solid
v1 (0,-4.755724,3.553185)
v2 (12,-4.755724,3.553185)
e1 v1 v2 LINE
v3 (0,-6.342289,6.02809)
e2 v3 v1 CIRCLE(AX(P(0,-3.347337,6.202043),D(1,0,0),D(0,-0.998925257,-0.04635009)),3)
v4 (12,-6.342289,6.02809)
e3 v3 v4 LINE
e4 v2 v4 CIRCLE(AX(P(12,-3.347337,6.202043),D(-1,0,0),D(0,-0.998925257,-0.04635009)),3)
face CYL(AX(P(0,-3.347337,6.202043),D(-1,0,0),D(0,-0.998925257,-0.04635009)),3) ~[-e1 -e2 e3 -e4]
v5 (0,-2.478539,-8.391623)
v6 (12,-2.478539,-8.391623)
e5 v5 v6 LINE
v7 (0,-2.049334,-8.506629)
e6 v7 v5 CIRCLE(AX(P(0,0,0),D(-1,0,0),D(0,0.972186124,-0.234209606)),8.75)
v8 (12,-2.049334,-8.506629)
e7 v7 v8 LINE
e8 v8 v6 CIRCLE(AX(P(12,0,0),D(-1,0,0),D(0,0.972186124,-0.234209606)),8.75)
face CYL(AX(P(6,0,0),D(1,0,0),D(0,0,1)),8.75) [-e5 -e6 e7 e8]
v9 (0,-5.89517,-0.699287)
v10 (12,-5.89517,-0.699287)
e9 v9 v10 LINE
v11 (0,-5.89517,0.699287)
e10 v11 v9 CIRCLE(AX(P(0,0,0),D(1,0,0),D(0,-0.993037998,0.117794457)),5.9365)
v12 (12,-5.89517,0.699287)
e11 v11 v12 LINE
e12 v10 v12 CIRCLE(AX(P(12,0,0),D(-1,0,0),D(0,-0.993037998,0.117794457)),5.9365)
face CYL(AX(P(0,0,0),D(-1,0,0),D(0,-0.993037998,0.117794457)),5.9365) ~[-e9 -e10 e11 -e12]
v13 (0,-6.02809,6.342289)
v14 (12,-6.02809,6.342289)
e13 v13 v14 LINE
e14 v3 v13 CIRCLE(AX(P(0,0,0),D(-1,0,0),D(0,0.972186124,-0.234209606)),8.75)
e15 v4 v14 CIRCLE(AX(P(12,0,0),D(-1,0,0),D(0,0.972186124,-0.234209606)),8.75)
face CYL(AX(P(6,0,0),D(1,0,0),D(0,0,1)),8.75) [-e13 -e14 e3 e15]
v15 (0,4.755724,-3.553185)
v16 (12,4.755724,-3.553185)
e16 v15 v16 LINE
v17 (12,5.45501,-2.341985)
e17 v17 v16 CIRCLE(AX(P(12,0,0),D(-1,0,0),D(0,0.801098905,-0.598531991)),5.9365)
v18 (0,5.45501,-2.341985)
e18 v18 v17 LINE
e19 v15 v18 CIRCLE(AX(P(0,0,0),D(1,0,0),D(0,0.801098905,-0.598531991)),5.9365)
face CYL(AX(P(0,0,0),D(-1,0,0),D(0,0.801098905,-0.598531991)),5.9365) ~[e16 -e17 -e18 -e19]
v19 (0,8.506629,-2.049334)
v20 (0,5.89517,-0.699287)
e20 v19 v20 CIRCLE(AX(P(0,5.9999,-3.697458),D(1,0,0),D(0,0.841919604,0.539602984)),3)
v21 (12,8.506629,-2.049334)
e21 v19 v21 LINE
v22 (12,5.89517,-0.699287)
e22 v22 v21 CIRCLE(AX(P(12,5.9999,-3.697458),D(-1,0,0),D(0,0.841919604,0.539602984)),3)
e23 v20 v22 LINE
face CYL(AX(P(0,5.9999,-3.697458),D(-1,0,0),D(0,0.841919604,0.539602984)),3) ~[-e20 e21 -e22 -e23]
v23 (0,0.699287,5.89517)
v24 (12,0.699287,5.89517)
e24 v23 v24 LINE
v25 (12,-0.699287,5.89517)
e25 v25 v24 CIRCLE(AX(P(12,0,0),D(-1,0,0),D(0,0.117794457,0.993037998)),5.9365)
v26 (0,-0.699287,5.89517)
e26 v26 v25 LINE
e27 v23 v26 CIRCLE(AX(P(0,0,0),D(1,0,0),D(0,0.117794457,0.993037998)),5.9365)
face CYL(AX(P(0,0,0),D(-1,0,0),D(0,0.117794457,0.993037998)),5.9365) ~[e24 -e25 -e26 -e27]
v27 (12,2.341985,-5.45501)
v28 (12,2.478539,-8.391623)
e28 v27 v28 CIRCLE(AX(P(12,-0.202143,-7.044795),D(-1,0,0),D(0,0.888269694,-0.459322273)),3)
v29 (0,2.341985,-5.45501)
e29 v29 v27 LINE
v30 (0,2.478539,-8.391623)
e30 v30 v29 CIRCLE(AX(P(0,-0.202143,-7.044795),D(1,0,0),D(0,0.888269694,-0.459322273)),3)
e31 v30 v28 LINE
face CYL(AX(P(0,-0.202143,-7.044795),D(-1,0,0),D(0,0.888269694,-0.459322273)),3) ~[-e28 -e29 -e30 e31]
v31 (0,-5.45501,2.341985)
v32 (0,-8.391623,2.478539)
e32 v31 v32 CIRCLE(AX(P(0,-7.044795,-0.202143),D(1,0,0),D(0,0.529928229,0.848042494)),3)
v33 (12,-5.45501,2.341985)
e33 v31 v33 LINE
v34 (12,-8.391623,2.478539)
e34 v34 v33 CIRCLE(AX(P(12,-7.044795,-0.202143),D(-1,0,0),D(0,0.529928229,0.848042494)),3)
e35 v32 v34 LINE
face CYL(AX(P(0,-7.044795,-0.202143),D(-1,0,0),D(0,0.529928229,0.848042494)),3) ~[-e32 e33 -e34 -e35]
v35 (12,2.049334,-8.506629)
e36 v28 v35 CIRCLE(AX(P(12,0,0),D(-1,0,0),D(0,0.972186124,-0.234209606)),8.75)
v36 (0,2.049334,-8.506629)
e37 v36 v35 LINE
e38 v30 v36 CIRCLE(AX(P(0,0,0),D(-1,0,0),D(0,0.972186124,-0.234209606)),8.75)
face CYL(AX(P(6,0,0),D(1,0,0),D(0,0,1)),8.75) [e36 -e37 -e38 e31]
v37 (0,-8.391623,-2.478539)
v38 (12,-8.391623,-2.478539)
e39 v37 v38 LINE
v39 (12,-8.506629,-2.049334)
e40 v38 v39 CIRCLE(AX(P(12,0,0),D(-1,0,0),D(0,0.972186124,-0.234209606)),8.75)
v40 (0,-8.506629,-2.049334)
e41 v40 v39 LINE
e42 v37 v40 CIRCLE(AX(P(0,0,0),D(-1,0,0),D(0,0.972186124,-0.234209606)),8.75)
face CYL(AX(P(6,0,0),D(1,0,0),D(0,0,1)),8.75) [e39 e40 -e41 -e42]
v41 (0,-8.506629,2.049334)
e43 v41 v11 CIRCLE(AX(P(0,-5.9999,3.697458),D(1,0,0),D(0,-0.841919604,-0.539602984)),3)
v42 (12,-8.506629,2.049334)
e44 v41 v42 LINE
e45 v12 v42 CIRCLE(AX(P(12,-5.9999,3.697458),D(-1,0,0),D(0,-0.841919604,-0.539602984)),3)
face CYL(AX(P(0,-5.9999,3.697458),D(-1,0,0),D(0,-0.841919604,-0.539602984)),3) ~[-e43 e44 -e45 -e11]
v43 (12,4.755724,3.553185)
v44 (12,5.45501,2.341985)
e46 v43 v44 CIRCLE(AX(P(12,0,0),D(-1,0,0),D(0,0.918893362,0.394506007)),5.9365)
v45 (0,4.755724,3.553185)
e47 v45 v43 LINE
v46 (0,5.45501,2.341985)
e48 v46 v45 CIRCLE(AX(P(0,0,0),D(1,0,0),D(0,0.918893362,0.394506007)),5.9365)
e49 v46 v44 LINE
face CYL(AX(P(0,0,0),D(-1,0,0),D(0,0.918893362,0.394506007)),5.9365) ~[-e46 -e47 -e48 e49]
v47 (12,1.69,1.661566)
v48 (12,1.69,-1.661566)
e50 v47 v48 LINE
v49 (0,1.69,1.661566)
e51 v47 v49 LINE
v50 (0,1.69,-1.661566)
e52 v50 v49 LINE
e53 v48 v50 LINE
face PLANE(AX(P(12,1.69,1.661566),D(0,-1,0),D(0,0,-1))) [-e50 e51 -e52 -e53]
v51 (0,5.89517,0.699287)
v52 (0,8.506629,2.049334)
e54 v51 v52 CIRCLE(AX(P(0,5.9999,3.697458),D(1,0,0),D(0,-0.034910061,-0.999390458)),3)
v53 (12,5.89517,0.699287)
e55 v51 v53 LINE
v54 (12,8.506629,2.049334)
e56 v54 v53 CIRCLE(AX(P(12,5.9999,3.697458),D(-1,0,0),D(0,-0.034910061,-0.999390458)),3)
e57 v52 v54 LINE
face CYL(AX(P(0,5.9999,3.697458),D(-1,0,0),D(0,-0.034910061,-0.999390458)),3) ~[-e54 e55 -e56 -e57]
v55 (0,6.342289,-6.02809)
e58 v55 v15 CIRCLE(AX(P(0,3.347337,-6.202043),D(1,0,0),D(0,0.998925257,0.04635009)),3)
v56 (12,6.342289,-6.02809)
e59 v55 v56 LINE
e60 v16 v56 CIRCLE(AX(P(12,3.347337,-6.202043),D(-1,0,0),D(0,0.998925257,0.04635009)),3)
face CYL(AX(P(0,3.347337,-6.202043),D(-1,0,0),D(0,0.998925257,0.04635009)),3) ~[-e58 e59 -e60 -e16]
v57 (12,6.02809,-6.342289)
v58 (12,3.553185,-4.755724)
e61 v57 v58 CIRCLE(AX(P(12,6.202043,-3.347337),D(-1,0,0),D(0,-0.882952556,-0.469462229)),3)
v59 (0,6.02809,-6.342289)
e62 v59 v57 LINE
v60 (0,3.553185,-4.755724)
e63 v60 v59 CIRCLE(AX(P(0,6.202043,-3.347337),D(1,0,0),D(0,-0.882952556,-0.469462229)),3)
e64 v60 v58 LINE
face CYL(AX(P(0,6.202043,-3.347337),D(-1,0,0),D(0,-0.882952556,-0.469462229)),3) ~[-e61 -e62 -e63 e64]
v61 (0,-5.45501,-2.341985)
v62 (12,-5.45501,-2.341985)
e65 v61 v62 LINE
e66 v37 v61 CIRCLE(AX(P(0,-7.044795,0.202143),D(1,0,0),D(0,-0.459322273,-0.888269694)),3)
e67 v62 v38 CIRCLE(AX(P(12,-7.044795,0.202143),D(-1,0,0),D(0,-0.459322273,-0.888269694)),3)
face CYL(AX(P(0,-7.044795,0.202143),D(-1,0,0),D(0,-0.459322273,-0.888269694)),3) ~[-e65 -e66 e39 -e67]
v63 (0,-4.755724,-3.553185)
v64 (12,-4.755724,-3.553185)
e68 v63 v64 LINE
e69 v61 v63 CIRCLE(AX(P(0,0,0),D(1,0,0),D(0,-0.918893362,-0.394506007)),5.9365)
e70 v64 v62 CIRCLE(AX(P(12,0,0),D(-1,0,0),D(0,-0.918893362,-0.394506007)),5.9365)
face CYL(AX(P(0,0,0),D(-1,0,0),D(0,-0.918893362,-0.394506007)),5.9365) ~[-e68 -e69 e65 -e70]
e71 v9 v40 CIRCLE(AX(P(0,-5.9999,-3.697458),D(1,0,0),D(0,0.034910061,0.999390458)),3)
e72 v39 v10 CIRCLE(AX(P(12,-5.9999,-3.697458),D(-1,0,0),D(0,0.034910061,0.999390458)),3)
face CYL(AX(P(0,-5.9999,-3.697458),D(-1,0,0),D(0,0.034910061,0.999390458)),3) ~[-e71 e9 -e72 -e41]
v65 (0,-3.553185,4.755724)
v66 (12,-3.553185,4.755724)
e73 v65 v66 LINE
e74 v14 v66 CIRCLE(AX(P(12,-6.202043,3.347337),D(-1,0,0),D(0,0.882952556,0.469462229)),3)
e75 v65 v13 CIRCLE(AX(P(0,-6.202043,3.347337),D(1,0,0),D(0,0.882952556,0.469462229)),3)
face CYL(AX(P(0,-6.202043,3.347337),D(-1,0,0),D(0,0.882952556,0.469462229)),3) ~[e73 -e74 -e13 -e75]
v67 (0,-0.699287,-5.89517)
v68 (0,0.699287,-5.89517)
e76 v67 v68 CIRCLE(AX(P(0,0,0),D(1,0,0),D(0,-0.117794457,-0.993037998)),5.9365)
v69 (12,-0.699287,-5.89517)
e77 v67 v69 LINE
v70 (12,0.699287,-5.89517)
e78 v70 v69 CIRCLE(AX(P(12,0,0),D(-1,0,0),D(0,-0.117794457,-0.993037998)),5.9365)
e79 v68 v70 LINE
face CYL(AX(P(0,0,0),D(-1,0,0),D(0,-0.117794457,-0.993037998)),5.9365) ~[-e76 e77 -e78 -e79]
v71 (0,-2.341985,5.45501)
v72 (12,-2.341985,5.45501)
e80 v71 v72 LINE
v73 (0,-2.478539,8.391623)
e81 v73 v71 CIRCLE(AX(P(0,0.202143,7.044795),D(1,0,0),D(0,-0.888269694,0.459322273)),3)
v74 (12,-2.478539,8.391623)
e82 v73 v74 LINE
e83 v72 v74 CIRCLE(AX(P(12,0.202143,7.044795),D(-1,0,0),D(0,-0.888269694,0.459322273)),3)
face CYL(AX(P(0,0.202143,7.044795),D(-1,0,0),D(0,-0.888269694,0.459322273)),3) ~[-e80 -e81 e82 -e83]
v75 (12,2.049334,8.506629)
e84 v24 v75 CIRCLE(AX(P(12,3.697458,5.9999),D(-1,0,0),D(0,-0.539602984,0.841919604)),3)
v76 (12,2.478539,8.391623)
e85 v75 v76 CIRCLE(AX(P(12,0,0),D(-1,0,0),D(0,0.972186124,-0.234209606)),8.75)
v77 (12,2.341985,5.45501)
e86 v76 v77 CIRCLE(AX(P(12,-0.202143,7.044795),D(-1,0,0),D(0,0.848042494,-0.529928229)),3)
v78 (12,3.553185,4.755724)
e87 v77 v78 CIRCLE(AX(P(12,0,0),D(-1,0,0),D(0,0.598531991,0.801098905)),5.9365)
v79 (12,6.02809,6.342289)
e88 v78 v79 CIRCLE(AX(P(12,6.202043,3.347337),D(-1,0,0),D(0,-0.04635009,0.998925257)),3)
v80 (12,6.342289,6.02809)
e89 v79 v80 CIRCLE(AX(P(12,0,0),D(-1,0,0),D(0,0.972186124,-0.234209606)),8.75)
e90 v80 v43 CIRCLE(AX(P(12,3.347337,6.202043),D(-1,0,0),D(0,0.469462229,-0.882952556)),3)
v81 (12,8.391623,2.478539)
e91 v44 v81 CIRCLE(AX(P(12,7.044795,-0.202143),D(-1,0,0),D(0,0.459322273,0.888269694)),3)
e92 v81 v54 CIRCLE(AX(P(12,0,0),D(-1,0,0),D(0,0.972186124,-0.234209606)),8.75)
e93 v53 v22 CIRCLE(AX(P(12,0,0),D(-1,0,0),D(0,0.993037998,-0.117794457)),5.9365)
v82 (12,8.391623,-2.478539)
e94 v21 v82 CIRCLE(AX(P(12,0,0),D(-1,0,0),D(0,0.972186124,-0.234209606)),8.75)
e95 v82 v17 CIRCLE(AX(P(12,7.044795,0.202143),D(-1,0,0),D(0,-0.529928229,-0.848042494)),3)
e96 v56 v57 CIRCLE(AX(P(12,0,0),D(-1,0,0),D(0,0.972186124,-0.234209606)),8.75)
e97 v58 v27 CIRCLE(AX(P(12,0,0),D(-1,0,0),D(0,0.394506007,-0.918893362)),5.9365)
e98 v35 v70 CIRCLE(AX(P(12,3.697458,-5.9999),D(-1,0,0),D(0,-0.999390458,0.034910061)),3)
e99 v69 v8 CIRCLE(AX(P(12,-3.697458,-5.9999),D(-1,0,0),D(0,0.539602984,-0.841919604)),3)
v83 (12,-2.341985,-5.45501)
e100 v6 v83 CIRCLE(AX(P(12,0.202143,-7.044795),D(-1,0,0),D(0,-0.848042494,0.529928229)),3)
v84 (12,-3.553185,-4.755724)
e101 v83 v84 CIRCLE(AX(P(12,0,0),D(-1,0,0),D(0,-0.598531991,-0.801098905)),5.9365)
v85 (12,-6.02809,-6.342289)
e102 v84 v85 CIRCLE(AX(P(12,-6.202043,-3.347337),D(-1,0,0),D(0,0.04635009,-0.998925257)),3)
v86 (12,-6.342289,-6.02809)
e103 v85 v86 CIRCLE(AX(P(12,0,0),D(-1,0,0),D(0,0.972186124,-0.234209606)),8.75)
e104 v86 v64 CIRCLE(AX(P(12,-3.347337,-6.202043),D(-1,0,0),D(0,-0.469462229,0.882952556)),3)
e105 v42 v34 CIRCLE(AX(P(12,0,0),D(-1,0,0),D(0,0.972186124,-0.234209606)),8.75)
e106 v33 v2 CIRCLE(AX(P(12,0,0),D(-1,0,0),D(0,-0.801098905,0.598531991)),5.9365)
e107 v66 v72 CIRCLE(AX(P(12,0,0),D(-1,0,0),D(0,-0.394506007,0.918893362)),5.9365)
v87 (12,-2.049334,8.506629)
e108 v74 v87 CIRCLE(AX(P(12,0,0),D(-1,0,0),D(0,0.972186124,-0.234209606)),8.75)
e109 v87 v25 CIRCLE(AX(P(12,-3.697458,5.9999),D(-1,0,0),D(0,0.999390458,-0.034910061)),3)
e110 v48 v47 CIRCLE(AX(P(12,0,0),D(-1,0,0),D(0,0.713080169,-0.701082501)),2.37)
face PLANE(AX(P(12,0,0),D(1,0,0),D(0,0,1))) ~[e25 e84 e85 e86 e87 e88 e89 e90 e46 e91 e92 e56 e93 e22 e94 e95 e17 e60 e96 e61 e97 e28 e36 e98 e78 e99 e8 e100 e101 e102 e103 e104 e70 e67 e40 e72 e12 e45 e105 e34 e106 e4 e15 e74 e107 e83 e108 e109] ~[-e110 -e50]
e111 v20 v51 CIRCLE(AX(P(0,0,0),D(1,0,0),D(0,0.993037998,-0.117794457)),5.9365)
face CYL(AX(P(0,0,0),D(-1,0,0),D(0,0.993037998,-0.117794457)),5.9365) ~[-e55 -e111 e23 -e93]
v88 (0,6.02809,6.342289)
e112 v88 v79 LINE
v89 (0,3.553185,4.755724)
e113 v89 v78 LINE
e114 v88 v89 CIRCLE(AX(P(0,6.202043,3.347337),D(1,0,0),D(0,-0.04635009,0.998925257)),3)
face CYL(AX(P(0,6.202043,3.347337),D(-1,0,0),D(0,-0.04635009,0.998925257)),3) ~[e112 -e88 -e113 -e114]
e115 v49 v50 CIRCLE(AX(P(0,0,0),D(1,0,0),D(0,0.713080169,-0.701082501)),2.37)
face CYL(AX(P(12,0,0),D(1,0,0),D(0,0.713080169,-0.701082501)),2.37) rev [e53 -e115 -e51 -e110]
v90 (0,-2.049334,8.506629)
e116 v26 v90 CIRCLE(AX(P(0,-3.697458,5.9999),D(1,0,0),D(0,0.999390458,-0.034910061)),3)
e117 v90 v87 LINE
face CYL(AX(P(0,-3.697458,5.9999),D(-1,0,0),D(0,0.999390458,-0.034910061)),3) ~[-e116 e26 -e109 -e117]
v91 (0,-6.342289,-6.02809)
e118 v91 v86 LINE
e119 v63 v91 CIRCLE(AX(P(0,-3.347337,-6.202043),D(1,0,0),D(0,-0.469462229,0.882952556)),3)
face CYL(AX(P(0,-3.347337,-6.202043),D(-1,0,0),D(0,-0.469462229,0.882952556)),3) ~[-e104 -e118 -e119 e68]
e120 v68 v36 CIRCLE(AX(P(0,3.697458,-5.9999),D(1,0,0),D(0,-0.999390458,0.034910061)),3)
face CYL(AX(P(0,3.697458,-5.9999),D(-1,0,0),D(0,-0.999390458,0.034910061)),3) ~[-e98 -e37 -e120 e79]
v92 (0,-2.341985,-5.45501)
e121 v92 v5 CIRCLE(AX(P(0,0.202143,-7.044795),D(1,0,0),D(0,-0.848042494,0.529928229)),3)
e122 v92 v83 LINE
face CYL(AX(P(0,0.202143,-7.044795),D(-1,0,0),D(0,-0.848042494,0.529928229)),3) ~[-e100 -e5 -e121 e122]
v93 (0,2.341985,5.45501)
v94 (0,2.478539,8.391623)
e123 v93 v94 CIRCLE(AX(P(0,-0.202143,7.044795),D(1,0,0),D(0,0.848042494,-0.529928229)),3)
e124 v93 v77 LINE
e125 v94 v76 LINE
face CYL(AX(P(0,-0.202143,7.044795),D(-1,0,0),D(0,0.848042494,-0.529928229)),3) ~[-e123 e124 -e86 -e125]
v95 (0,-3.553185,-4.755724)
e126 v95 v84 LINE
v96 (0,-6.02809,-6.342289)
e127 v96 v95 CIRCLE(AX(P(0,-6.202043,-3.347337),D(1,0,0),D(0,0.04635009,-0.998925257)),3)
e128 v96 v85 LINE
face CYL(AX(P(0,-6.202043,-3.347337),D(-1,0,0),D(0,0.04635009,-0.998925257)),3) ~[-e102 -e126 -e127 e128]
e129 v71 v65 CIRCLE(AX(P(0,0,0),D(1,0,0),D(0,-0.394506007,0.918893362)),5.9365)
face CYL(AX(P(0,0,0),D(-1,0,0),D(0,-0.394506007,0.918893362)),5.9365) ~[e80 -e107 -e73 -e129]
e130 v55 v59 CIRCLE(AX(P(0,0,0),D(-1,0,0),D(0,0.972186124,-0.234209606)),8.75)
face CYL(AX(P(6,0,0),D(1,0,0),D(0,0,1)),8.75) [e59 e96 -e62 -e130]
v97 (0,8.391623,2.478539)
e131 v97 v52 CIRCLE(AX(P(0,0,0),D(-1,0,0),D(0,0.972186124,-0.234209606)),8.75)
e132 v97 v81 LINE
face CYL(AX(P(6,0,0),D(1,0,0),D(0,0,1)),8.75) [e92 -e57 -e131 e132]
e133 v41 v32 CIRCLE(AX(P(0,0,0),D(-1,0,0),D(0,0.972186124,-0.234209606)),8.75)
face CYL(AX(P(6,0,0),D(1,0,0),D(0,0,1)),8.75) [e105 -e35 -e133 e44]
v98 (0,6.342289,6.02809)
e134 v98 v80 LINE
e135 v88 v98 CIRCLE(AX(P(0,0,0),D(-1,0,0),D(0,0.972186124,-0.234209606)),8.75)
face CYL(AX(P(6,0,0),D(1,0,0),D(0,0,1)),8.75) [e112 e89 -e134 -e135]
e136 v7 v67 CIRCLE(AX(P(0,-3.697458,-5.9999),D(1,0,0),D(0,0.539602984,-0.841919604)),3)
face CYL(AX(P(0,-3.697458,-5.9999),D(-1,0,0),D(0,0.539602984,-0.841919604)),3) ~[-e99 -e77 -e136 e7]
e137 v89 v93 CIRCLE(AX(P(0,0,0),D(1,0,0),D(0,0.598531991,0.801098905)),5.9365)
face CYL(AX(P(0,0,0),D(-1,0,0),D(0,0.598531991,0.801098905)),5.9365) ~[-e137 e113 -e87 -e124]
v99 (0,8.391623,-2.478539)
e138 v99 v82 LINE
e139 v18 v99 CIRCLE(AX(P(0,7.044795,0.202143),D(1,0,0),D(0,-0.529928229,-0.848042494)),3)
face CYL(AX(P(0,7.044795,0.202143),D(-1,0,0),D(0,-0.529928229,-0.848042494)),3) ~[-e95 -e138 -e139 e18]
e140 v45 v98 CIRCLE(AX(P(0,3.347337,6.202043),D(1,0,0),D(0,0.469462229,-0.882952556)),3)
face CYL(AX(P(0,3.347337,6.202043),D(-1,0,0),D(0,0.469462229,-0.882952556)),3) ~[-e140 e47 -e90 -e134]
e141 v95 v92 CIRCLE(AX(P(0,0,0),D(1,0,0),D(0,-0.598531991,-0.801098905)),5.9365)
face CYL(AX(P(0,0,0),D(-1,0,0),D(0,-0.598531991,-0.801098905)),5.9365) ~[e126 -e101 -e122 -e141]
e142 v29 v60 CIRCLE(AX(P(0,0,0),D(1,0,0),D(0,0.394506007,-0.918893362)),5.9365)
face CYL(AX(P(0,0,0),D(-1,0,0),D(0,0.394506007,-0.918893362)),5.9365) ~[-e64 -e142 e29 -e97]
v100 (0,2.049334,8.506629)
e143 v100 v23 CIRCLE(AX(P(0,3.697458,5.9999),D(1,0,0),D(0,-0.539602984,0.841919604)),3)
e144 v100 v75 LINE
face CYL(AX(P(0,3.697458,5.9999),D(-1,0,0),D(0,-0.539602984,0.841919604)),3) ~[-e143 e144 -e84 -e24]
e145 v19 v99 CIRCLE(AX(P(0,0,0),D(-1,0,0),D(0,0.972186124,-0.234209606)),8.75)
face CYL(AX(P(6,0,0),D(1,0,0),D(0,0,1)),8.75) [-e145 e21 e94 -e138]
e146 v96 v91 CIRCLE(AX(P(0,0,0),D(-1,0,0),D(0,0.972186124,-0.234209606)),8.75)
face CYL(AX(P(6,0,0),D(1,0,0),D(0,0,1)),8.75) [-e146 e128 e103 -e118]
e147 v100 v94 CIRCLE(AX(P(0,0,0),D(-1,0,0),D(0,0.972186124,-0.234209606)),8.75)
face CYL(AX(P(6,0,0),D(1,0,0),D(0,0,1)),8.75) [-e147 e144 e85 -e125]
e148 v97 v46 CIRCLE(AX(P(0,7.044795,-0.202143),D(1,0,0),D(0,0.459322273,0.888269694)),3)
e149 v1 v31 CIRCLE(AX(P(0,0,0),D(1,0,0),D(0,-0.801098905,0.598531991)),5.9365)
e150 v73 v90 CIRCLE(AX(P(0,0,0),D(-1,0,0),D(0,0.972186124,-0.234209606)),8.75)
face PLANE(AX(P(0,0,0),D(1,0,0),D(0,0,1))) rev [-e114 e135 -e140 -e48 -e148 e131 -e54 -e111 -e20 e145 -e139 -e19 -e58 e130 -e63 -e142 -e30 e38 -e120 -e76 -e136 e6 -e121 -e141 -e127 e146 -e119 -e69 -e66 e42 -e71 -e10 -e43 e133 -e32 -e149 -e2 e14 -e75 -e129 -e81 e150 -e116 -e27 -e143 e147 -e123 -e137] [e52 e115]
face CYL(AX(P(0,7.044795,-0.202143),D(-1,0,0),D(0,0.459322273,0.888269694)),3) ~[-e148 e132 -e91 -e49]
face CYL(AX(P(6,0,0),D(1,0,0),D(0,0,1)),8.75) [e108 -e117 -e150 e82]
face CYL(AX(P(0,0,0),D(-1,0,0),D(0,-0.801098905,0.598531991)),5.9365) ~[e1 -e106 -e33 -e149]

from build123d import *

# Parameters (mm, degrees)
BASPROSKE_W        = 12
BASPROSKE_H        = 8.75
TOOTHCUT_DEPTH     = 18.237314176
TEETHCUTS_COUNT    = 12
TEETHCUTS_ANGLE    = 330
BORSKE_R           = 0.4
BORE_DEPTH         = 50.0000508
CUT_EXTRUDE1_DEPTH = 17.991923373


with BuildPart() as part:
    # BasProSke → Base-Revolve (revolve)
    with BuildSketch(Plane(origin=(0, 0, 0), x_dir=(1, 0, 0), z_dir=(0, 1, 0)), mode=Mode.PRIVATE) as base_revolve_sk:
        with Locations((6, 4.375)):
            Rectangle(BASPROSKE_W, BASPROSKE_H)
    revolve(base_revolve_sk.sketch.rotate(Axis((-10, 0, 0), (1, 0, 0)), 180), axis=Axis((-10, 0, 0), (1, 0, 0)))

    # TooCutSke → ToothCut (cut, through all)
    with BuildSketch(Plane(origin=(0, 0, 0), x_dir=(0, 0, -1), z_dir=(1, 0, 0))):
        with BuildLine():
            ThreePointArc((0.699286786, 5.895170077), (0, 5.9365), (-0.699286786, 5.895170077))
            ThreePointArc((-0.699286786, 5.895170077), (-1.040581249, 7.393099844), (-2.078649209, 8.525659073))
            ThreePointArc((-2.078649209, 8.525659073), (0, 8.7754), (2.078649209, 8.525659073))
            ThreePointArc((2.078649209, 8.525659073), (1.040581249, 7.393099844), (0.699286786, 5.895170077))
        make_face()
    toothcut = extrude(amount=TOOTHCUT_DEPTH, mode=Mode.SUBTRACT)

    # TeethCuts: ToothCut ×12 about axis
    teethcuts_axis = Axis((-10, 0, 0), (1, 0, 0))
    for i in range(1, TEETHCUTS_COUNT):
        add(toothcut.rotate(teethcuts_axis, i * TEETHCUTS_ANGLE / (TEETHCUTS_COUNT - 1)), mode=Mode.SUBTRACT)

    # BorSke → Bore (cut, symmetric)
    with BuildSketch(Plane(origin=(0, 0, 0), x_dir=(0, 0, -1), z_dir=(1, 0, 0))):
        with Locations(Location((0, 0, 0), (0, 0, 180))):
            Circle(BORSKE_R)
    extrude(amount=BORE_DEPTH, both=True, mode=Mode.SUBTRACT)

    # Sketch1 → Cut-Extrude1 (cut, through all)
    with BuildSketch(Plane(origin=(12, 0, 0), x_dir=(0, 0, -1), z_dir=(1, 0, 0))):
        with BuildLine():
            Line((-1.661565527, 1.69), (1.661565527, 1.69))
            ThreePointArc((1.661565527, 1.69), (0, -2.37), (-1.661565527, 1.69))
        make_face()
    extrude(amount=-CUT_EXTRUDE1_DEPTH, mode=Mode.SUBTRACT)


solid = part.part
